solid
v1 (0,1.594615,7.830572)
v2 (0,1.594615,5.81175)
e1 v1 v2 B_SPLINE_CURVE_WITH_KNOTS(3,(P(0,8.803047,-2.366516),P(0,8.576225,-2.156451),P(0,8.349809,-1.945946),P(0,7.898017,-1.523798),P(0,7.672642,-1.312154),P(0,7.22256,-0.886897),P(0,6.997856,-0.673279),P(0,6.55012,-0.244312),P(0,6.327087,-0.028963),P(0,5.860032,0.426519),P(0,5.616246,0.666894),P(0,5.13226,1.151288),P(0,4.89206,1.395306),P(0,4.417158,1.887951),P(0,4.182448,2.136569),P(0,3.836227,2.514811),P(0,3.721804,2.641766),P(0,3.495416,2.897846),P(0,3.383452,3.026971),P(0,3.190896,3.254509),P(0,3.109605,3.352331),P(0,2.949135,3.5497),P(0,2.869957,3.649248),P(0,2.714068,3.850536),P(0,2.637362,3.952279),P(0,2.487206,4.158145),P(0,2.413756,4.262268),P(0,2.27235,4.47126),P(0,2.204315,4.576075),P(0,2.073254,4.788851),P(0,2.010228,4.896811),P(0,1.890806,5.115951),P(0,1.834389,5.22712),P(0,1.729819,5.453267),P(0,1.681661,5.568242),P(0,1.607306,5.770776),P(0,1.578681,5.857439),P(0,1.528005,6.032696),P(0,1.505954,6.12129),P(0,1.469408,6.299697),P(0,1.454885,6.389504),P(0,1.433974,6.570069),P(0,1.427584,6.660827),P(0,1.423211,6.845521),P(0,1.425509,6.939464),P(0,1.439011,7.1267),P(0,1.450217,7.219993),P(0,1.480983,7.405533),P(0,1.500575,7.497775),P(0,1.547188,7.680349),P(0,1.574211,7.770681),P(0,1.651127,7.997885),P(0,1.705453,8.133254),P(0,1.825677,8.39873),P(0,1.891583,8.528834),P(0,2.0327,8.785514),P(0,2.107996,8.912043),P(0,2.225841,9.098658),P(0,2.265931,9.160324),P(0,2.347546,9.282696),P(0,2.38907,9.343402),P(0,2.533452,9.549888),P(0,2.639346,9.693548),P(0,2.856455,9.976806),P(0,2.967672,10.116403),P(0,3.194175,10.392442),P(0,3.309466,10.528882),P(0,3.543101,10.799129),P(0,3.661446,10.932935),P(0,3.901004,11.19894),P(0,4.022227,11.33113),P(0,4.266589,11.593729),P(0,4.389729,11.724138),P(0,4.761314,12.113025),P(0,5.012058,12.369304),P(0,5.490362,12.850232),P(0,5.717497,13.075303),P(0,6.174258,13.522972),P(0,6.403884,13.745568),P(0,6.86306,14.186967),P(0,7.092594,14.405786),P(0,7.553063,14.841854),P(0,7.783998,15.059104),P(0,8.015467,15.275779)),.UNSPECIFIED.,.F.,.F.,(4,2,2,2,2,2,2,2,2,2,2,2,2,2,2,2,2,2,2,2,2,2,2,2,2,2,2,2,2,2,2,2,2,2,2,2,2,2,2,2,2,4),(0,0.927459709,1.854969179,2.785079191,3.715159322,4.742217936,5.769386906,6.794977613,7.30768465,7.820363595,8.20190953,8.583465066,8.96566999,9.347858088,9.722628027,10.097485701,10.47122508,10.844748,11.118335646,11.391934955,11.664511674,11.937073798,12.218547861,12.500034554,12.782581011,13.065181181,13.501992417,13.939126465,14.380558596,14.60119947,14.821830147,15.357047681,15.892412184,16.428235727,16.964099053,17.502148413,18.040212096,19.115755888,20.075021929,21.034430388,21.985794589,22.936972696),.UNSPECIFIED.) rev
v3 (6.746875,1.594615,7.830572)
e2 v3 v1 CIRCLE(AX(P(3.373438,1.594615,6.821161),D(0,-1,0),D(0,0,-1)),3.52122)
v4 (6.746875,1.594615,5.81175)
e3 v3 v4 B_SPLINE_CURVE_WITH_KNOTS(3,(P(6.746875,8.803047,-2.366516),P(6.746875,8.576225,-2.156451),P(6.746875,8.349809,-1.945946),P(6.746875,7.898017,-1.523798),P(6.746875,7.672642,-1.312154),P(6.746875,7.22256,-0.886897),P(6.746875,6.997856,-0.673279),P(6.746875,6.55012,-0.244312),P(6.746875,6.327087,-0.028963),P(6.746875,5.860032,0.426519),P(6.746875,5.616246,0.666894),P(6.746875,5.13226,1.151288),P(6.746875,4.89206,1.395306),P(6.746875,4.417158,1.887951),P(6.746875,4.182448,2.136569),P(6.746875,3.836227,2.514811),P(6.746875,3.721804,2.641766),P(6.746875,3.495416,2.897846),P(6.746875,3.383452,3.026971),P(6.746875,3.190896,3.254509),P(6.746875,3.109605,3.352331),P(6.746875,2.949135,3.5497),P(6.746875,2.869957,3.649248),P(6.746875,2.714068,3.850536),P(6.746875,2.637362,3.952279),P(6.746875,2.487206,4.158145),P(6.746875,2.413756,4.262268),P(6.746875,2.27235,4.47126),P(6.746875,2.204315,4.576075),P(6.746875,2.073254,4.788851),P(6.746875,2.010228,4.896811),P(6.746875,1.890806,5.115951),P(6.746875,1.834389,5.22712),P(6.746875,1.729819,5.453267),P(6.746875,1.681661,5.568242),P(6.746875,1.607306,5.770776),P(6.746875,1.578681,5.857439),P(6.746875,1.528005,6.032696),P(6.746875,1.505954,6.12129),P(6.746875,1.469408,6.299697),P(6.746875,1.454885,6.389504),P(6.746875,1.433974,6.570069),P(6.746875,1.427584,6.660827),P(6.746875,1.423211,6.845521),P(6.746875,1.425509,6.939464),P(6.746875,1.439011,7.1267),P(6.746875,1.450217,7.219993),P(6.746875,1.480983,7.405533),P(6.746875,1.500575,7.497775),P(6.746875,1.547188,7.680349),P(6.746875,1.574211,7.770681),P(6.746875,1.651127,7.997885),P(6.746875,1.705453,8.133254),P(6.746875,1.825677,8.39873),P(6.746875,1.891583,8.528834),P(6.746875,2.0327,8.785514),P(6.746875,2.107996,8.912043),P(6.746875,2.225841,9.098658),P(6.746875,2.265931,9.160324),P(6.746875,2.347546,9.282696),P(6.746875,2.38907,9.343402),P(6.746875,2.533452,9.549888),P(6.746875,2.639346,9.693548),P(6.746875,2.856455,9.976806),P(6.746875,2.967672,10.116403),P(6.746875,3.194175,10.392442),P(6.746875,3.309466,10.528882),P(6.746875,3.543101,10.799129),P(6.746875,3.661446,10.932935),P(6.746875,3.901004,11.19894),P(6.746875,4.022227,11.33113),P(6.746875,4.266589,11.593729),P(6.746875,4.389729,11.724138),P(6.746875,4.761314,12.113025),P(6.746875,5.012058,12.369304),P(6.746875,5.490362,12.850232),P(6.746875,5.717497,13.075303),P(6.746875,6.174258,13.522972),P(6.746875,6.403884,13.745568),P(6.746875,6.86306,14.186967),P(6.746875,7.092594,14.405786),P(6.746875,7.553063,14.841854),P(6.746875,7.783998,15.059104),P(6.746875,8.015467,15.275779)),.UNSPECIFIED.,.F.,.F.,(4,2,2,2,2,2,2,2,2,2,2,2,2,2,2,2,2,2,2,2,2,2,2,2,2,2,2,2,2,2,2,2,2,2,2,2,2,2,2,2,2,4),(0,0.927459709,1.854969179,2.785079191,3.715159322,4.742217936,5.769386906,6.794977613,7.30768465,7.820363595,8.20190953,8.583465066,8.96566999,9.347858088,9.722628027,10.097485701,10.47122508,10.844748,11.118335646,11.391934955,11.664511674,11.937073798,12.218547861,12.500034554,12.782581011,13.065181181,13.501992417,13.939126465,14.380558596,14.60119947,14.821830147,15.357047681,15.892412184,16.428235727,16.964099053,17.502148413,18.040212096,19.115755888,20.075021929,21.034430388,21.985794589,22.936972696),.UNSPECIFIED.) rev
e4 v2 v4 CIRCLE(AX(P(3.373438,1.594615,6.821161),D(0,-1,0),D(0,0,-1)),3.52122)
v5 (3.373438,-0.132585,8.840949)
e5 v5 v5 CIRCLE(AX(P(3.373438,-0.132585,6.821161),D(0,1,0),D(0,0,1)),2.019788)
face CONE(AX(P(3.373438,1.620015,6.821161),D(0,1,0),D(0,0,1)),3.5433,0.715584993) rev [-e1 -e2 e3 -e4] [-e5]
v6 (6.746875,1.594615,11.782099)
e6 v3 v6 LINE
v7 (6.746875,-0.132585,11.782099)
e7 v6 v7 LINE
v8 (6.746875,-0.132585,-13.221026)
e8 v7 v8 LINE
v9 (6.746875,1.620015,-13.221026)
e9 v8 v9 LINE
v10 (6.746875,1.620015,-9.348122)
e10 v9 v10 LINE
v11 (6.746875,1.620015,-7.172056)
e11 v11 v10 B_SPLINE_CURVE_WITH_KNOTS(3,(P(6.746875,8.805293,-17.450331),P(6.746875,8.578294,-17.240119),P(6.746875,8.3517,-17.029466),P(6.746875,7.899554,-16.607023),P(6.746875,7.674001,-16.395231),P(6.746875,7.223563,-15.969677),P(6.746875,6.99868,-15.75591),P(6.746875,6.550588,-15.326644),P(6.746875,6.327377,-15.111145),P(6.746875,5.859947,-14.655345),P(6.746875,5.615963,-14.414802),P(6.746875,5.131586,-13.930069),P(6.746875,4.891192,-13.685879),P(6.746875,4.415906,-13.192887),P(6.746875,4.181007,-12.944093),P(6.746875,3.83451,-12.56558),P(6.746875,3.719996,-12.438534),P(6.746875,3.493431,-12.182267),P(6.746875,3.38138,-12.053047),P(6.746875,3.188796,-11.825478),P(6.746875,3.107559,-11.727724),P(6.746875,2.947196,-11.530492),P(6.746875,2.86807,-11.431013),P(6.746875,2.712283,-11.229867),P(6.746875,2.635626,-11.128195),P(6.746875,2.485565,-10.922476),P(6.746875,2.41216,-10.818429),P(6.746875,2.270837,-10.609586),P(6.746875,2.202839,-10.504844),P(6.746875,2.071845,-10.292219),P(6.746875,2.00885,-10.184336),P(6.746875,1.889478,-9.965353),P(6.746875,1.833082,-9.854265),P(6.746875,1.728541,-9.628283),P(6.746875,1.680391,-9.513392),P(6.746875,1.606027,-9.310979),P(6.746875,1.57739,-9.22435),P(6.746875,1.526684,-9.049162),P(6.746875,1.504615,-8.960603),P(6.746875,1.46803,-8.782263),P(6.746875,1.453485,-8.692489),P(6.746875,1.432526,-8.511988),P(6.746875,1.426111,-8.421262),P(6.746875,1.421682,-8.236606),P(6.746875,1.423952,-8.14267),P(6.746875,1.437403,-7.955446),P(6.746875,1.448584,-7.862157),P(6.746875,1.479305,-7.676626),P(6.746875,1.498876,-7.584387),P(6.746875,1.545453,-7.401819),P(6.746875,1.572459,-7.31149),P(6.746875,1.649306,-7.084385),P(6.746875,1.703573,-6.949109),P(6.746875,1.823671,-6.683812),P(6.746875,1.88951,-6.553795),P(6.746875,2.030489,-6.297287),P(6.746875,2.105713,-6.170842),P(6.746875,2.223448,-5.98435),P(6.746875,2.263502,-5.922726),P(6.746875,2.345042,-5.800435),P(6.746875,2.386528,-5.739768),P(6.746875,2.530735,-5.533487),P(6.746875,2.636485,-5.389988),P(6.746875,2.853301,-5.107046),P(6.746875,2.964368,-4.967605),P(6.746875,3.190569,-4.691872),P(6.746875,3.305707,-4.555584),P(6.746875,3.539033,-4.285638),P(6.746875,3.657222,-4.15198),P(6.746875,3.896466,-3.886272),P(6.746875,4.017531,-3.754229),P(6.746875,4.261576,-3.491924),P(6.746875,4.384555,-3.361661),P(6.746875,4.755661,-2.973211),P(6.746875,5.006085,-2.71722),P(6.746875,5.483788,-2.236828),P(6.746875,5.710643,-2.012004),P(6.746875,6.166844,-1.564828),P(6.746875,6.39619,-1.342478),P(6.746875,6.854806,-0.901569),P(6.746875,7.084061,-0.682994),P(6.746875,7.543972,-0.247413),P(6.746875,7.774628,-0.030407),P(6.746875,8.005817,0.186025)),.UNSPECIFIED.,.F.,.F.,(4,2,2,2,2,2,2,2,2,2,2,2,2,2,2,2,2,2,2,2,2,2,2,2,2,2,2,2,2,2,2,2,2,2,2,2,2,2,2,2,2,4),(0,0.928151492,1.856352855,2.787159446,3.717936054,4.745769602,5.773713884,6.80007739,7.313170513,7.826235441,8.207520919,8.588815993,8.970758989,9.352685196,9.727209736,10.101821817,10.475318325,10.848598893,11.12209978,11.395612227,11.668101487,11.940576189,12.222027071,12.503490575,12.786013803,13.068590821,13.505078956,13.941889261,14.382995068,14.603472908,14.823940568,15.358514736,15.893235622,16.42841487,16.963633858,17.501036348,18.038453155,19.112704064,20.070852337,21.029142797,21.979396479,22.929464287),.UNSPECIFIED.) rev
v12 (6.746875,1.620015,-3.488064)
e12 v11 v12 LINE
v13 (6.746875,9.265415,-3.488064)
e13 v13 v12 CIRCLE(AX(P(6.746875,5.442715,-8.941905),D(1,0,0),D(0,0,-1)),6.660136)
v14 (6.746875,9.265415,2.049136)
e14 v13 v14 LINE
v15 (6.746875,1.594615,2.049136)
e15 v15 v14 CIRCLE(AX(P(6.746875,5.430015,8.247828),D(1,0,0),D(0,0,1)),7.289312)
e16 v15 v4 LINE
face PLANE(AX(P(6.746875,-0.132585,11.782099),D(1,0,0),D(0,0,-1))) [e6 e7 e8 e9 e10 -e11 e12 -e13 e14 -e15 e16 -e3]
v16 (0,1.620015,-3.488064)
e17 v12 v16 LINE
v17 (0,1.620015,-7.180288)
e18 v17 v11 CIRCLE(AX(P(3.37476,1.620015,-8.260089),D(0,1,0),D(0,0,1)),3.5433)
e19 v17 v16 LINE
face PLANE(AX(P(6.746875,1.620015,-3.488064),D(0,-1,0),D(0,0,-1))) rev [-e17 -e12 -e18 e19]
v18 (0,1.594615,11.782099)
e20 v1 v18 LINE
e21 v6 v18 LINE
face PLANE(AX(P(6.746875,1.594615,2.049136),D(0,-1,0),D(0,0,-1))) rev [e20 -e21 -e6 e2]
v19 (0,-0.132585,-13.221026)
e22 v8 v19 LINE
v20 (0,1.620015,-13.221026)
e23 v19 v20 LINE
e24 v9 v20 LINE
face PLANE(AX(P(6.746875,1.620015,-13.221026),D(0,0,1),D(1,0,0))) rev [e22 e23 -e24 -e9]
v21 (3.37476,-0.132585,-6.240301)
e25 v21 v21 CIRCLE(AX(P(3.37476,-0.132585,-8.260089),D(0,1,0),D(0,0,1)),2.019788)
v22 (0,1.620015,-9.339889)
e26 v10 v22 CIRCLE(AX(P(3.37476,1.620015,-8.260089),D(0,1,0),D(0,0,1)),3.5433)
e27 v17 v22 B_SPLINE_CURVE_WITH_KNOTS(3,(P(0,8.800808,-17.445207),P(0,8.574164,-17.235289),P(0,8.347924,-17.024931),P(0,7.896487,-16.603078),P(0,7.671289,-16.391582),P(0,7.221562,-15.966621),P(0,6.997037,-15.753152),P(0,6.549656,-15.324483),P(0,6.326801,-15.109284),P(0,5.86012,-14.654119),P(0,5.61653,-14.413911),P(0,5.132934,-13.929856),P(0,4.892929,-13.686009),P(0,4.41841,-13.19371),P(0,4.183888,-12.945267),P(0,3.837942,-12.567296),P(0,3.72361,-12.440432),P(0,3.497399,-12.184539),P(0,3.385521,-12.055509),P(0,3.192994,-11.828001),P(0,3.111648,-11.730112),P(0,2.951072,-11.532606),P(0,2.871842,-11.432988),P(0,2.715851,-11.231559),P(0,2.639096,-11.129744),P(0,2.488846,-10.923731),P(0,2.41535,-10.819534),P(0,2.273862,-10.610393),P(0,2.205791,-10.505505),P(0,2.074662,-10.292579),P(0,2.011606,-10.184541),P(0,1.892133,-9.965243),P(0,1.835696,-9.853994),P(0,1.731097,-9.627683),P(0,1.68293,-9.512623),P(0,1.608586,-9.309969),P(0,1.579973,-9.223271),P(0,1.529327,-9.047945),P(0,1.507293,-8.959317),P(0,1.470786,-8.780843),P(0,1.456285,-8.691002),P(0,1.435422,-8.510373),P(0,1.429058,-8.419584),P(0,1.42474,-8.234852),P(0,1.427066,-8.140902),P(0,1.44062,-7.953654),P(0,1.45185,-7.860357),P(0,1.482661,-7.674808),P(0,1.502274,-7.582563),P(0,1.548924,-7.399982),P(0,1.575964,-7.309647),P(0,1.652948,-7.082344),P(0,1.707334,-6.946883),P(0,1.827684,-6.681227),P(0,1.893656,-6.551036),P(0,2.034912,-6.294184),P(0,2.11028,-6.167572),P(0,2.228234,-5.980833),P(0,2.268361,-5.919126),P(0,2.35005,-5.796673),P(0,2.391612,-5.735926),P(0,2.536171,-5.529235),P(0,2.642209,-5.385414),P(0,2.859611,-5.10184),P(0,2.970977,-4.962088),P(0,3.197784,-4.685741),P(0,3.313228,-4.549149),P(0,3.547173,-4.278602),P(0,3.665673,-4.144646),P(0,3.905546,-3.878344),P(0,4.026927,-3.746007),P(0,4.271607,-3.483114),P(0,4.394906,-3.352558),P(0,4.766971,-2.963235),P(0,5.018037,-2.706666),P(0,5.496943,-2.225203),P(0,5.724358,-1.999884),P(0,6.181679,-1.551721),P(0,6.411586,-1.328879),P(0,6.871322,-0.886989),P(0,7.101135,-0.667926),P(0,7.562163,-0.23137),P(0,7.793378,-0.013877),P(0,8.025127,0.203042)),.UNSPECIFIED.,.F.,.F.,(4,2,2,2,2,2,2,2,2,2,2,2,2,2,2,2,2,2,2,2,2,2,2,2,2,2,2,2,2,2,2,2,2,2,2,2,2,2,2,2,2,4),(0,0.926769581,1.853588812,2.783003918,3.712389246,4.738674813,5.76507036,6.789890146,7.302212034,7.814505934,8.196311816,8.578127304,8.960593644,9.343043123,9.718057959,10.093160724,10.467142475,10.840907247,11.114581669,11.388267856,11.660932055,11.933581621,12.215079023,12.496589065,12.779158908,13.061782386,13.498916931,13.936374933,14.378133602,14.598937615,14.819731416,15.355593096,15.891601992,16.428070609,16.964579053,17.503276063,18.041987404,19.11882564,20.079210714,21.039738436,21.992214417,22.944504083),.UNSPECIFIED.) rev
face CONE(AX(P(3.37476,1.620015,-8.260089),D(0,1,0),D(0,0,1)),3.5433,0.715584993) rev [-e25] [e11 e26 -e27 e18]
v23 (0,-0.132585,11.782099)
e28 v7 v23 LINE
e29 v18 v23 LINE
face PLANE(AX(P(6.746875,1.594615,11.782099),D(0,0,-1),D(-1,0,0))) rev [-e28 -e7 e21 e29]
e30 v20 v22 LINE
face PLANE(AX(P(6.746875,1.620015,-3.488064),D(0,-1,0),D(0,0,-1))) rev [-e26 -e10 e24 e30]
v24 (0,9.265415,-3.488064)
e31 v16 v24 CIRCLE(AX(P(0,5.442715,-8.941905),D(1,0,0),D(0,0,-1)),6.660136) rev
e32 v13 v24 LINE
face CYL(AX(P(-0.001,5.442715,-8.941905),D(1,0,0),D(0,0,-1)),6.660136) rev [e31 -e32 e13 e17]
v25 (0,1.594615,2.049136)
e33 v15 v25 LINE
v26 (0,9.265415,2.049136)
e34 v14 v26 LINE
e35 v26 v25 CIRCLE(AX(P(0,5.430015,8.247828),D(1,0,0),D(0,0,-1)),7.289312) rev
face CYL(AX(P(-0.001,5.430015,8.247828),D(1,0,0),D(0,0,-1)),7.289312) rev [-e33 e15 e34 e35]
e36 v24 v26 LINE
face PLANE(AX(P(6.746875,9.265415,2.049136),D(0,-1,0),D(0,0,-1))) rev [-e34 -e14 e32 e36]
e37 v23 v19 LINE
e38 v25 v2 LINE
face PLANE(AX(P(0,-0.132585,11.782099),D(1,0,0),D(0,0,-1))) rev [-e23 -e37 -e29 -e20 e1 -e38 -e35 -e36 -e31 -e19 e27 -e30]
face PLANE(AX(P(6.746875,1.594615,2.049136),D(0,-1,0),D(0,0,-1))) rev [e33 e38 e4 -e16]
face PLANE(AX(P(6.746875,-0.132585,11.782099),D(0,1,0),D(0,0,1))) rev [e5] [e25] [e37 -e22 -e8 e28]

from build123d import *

# Parameters (mm, degrees)
BOSS_EXTRUDE2_DEPTH                           = 6.746875
CUT_EXTRUDE1_REACH                            = 8.747
CSK_FOR_6_FLAT_HEAD_MACHINE_SCREW1_AT_2_COUNT = 2
CSK_FOR_6_FLAT_HEAD_MACHINE_SCREW1_AT_2_PITCH = 15.08125


with BuildPart() as part:
    # Sketch2 → Boss-Extrude2 (new body)
    with BuildSketch(Plane(origin=(0, 0, 0), x_dir=(0, 0, -1), z_dir=(1, 0, 0))):
        Polygon((-2.049136217, 1.594614568), (-11.782098717, 1.594614568), (-11.782098717, -0.132585432), (13.221026283, -0.132585432), (13.221026283, 1.620014568), (3.488063783, 1.620014568), (3.488063783, 9.265414568), (-2.049136217, 9.265414568), align=None)
    extrude(amount=BOSS_EXTRUDE2_DEPTH)

    # Sketch9 → Cut-Extrude1 (cut, up to next)
    with BuildSketch(Plane(origin=(6.746875, 0, 0), x_dir=(0, 0, -1), z_dir=(1, 0, 0)), mode=Mode.PRIVATE) as cut_extrude1_sk1:
        with BuildLine():
            Line((-2.049136217, 9.265414568), (-2.049136217, 1.594614568))
            ThreePointArc((-2.049136217, 1.594614568), (-0.958515707, 5.430014568), (-2.049136217, 9.265414568))
        make_face()
    cut_extrude1_tool1 = extrude(cut_extrude1_sk1.sketch, amount=-CUT_EXTRUDE1_REACH, mode=Mode.PRIVATE) & part.part
    add(cut_extrude1_tool1.solids().sort_by_distance((6.746875, 5.430015, 1.609964))[0], mode=Mode.SUBTRACT)
    # Sketch9 → Cut-Extrude1 (cut, up to next)
    with BuildSketch(Plane(origin=(6.746875, 0, 0), x_dir=(0, 0, -1), z_dir=(1, 0, 0)), mode=Mode.PRIVATE) as cut_extrude1_sk2:
        with BuildLine():
            Line((3.488063783, 9.265414568), (3.488063783, 1.620014568))
            ThreePointArc((3.488063783, 1.620014568), (2.281768381, 5.442714568), (3.488063783, 9.265414568))
        make_face()
    cut_extrude1_tool2 = extrude(cut_extrude1_sk2.sketch, amount=-CUT_EXTRUDE1_REACH, mode=Mode.PRIVATE) & part.part
    add(cut_extrude1_tool2.solids().sort_by_distance((6.746875, 5.442715, -3.001592))[0], mode=Mode.SUBTRACT)

    # Sketch7 → CSK for #6 Flat Head Machine Screw1 (revolve, cut)
    with BuildSketch(Plane(origin=(3.374760147, 1.620014568, -8.260088783), x_dir=(0, 0, 1), z_dir=(1, 0, 0))):
        Polygon((0, 0), (0, 1.7526), (1.89865, 1.7526), (1.89865, 1.891953401), (3.5433, 0), align=None)
    csk_for_6_flat_head_machine_screw1 = revolve(axis=Axis((3.374760147, 7.970014568, -8.260088783), (0, -1, 0)), mode=Mode.SUBTRACT)

    # CSK for #6 Flat Head Machine Screw1 at 2: CSK for #6 Flat Head Machine Screw1 ×2
    with Locations(*[Vector(-8.7701e-05, 0, 0.999999996) * (i * CSK_FOR_6_FLAT_HEAD_MACHINE_SCREW1_AT_2_PITCH) for i in range(1, CSK_FOR_6_FLAT_HEAD_MACHINE_SCREW1_AT_2_COUNT)]):
        add(csk_for_6_flat_head_machine_screw1, mode=Mode.SUBTRACT)


solid = part.part
